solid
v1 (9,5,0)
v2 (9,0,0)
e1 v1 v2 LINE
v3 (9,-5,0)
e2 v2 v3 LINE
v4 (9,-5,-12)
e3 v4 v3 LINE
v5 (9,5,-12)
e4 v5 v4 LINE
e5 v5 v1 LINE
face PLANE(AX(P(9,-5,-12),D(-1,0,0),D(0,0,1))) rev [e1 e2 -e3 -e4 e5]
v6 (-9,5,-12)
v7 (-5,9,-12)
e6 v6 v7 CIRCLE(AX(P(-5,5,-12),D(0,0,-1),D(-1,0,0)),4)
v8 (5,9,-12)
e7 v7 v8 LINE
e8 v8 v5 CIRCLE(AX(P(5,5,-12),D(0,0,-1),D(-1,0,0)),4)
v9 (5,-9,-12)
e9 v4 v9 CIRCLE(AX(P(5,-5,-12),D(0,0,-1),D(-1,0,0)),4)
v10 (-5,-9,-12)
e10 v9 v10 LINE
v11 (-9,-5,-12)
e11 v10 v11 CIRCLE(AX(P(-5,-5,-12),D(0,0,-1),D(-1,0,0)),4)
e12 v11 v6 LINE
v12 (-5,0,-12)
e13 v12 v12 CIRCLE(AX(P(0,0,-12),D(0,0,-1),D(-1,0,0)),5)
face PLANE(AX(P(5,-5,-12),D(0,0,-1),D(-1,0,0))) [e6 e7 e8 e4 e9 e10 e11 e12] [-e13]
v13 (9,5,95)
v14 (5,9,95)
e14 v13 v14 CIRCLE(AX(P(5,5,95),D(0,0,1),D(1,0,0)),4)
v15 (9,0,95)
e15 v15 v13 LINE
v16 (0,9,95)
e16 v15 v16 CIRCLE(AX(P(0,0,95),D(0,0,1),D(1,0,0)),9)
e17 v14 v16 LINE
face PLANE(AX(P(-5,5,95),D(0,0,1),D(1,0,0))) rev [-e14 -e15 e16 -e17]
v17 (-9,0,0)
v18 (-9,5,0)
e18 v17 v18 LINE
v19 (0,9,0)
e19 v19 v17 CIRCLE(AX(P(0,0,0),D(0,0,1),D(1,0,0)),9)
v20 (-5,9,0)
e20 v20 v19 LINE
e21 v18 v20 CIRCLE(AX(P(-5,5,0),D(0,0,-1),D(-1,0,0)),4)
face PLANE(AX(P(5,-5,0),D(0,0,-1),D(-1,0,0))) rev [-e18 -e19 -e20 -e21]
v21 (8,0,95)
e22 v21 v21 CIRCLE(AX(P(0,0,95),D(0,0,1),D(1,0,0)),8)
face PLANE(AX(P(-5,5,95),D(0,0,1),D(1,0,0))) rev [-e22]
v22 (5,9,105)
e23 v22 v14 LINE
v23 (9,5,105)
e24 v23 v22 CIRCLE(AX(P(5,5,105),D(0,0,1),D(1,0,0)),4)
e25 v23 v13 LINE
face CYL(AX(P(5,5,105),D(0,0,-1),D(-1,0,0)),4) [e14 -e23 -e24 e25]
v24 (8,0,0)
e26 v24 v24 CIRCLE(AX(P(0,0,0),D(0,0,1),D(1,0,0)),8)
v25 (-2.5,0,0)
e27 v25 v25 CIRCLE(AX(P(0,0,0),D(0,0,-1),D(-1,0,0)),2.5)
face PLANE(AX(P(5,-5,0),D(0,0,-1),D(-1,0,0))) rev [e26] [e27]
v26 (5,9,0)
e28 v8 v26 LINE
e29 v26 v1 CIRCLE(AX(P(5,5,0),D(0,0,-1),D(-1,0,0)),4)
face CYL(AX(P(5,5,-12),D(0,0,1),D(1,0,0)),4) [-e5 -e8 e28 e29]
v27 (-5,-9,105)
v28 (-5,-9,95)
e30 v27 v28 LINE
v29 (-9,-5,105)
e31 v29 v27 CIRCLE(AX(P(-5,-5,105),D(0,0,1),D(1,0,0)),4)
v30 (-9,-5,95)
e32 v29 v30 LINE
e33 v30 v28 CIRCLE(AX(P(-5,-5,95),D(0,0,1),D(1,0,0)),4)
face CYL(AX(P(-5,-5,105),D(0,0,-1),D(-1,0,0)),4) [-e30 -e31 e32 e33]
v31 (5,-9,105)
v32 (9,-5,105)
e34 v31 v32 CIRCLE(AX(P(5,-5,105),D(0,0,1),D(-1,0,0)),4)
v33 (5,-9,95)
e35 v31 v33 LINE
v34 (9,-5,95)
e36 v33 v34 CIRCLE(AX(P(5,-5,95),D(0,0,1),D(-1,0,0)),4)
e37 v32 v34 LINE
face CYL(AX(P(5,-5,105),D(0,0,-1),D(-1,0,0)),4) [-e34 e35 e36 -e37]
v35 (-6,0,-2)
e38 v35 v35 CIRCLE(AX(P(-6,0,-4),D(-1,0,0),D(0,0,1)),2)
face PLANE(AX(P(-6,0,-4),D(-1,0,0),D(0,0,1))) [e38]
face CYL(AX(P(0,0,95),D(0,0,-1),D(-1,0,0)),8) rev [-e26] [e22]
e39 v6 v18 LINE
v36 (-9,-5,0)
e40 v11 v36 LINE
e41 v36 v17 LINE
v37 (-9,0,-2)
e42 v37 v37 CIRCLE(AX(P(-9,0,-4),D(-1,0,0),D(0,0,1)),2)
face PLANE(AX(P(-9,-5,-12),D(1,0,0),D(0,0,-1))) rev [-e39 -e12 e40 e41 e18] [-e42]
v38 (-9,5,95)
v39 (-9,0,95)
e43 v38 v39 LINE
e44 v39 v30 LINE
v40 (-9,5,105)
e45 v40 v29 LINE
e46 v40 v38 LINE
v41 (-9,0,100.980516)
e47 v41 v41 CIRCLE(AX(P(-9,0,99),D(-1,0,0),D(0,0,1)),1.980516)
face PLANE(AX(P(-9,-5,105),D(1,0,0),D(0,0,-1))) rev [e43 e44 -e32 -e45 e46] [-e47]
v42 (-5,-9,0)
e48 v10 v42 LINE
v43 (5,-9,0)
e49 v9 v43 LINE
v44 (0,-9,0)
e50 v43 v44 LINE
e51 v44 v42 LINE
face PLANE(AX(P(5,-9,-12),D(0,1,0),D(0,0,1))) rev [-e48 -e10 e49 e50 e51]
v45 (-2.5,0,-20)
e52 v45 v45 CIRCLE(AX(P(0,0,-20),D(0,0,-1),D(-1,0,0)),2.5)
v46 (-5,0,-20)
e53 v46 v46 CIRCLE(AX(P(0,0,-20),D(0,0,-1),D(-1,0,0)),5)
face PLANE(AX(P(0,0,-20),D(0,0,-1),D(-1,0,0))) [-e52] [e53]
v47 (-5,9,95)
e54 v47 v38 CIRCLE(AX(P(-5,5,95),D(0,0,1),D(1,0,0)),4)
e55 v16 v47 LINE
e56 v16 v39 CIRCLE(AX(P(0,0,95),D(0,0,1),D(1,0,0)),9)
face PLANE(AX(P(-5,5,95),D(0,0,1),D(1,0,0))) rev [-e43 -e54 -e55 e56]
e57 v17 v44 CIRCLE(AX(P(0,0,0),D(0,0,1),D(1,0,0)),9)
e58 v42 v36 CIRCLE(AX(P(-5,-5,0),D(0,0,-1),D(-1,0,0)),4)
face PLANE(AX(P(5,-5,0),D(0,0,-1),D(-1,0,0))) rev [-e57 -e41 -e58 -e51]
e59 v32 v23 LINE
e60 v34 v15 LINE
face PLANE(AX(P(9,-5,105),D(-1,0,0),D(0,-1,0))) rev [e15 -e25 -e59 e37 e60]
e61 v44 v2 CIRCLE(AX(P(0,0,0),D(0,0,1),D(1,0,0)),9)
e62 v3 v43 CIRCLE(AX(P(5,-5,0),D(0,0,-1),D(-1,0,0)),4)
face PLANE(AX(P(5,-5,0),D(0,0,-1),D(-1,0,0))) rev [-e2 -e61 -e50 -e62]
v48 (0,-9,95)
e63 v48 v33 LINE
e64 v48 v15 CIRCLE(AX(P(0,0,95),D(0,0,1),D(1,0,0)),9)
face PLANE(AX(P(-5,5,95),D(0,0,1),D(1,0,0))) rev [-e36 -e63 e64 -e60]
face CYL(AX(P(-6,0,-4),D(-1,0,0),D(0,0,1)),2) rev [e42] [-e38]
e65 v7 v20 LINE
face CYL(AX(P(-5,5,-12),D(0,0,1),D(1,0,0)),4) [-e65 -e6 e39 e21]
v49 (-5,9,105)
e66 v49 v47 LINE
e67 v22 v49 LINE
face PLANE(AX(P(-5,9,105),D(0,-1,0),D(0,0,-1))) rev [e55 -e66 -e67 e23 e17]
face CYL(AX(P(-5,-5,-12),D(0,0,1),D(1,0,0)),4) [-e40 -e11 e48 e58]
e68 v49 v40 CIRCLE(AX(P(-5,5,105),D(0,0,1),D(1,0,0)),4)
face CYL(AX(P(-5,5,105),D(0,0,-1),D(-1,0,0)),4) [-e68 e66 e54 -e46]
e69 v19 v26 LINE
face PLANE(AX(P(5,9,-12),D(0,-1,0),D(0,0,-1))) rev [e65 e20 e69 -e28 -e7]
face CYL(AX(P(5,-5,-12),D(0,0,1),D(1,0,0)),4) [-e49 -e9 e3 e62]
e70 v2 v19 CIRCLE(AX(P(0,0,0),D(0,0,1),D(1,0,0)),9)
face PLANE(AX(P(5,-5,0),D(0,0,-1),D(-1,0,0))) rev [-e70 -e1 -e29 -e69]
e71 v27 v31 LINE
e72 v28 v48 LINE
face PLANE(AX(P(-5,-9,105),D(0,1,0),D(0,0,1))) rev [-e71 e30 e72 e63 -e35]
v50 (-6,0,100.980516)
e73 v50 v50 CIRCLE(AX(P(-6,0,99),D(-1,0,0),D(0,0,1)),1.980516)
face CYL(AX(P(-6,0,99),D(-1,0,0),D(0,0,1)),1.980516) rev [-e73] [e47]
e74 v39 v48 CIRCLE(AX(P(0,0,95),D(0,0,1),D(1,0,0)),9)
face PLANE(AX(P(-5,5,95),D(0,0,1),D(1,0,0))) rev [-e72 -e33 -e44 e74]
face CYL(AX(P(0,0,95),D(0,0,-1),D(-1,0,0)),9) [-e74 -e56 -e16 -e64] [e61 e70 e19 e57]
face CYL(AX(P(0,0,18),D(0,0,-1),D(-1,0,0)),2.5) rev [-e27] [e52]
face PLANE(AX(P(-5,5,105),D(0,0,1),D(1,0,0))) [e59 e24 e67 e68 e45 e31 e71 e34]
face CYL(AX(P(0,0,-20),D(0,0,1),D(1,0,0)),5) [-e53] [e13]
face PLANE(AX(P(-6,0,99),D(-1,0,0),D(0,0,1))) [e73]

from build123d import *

# Parameters (mm, degrees)
SKETCH_1_R          = 9
SKETCH_1_R_2        = 8
EXTRUDE_1_DEPTH     = 95
EXTRUDE_2_DEPTH     = 10
EXTRUDE_3_DEPTH     = 12
SKETCH_4_R          = 5
EXTRUDE_4_DEPTH     = 8
SKETCH_5_R          = 2.5
CUT_EXTRUDE_1_DEPTH = 38
SKETCH_6_R          = 2
SKETCH_6_R_2        = 1.980516498
CUT_EXTRUDE_3_DEPTH = 3


with BuildPart() as part:
    # 草图1 → 凸台-拉伸1 (new body)
    with BuildSketch(Plane.XY):
        Circle(SKETCH_1_R)
        Circle(SKETCH_1_R_2, mode=Mode.SUBTRACT)
    extrude(amount=EXTRUDE_1_DEPTH)

    # 草图2 → 凸台-拉伸2 (add)
    with BuildSketch(Plane.XY.offset(95)):
        with BuildLine():
            Line((-5, -9), (5, -9))
            ThreePointArc((5, -9), (7.828427125, -7.828427125), (9, -5))
            Line((9, -5), (9, 5))
            ThreePointArc((9, 5), (7.828427125, 7.828427125), (5, 9))
            Line((5, 9), (-5, 9))
            ThreePointArc((-5, 9), (-7.828427125, 7.828427125), (-9, 5))
            Line((-9, 5), (-9, -5))
            ThreePointArc((-9, -5), (-7.828427125, -7.828427125), (-5, -9))
        make_face()
    extrude(amount=EXTRUDE_2_DEPTH)

    # 草图3 → 凸台-拉伸3 (add)
    with BuildSketch(Plane(origin=(0, 0, 0), x_dir=(-1, 0, 0), z_dir=(0, 0, -1))):
        with BuildLine():
            Line((-5, -9), (5, -9))
            ThreePointArc((5, -9), (7.828427125, -7.828427125), (9, -5))
            Line((9, -5), (9, 5))
            ThreePointArc((9, 5), (7.828427125, 7.828427125), (5, 9))
            Line((5, 9), (-5, 9))
            ThreePointArc((-5, 9), (-7.828427125, 7.828427125), (-9, 5))
            Line((-9, 5), (-9, -5))
            ThreePointArc((-9, -5), (-7.828427125, -7.828427125), (-5, -9))
        make_face()
    extrude(amount=EXTRUDE_3_DEPTH)

    # 草图4 → 凸台-拉伸4 (add)
    with BuildSketch(Plane(origin=(0, 0, -12), x_dir=(-1, 0, 0), z_dir=(0, 0, -1))):
        Circle(SKETCH_4_R)
    extrude(amount=EXTRUDE_4_DEPTH)

    # 草图5 → 切除-拉伸1 (cut)
    with BuildSketch(Plane(origin=(0, 0, -20), x_dir=(-1, 0, 0), z_dir=(0, 0, -1))):
        Circle(SKETCH_5_R)
    extrude(amount=-CUT_EXTRUDE_1_DEPTH, mode=Mode.SUBTRACT)

    # 草图6 → 切除-拉伸3 (cut)
    with BuildSketch(Plane.ZY.offset(9)):
        with Locations((-4, 0)):
            Circle(SKETCH_6_R)
        with Locations((99, 0)):
            Circle(SKETCH_6_R_2)
    extrude(amount=-CUT_EXTRUDE_3_DEPTH, mode=Mode.SUBTRACT)


solid = part.part
